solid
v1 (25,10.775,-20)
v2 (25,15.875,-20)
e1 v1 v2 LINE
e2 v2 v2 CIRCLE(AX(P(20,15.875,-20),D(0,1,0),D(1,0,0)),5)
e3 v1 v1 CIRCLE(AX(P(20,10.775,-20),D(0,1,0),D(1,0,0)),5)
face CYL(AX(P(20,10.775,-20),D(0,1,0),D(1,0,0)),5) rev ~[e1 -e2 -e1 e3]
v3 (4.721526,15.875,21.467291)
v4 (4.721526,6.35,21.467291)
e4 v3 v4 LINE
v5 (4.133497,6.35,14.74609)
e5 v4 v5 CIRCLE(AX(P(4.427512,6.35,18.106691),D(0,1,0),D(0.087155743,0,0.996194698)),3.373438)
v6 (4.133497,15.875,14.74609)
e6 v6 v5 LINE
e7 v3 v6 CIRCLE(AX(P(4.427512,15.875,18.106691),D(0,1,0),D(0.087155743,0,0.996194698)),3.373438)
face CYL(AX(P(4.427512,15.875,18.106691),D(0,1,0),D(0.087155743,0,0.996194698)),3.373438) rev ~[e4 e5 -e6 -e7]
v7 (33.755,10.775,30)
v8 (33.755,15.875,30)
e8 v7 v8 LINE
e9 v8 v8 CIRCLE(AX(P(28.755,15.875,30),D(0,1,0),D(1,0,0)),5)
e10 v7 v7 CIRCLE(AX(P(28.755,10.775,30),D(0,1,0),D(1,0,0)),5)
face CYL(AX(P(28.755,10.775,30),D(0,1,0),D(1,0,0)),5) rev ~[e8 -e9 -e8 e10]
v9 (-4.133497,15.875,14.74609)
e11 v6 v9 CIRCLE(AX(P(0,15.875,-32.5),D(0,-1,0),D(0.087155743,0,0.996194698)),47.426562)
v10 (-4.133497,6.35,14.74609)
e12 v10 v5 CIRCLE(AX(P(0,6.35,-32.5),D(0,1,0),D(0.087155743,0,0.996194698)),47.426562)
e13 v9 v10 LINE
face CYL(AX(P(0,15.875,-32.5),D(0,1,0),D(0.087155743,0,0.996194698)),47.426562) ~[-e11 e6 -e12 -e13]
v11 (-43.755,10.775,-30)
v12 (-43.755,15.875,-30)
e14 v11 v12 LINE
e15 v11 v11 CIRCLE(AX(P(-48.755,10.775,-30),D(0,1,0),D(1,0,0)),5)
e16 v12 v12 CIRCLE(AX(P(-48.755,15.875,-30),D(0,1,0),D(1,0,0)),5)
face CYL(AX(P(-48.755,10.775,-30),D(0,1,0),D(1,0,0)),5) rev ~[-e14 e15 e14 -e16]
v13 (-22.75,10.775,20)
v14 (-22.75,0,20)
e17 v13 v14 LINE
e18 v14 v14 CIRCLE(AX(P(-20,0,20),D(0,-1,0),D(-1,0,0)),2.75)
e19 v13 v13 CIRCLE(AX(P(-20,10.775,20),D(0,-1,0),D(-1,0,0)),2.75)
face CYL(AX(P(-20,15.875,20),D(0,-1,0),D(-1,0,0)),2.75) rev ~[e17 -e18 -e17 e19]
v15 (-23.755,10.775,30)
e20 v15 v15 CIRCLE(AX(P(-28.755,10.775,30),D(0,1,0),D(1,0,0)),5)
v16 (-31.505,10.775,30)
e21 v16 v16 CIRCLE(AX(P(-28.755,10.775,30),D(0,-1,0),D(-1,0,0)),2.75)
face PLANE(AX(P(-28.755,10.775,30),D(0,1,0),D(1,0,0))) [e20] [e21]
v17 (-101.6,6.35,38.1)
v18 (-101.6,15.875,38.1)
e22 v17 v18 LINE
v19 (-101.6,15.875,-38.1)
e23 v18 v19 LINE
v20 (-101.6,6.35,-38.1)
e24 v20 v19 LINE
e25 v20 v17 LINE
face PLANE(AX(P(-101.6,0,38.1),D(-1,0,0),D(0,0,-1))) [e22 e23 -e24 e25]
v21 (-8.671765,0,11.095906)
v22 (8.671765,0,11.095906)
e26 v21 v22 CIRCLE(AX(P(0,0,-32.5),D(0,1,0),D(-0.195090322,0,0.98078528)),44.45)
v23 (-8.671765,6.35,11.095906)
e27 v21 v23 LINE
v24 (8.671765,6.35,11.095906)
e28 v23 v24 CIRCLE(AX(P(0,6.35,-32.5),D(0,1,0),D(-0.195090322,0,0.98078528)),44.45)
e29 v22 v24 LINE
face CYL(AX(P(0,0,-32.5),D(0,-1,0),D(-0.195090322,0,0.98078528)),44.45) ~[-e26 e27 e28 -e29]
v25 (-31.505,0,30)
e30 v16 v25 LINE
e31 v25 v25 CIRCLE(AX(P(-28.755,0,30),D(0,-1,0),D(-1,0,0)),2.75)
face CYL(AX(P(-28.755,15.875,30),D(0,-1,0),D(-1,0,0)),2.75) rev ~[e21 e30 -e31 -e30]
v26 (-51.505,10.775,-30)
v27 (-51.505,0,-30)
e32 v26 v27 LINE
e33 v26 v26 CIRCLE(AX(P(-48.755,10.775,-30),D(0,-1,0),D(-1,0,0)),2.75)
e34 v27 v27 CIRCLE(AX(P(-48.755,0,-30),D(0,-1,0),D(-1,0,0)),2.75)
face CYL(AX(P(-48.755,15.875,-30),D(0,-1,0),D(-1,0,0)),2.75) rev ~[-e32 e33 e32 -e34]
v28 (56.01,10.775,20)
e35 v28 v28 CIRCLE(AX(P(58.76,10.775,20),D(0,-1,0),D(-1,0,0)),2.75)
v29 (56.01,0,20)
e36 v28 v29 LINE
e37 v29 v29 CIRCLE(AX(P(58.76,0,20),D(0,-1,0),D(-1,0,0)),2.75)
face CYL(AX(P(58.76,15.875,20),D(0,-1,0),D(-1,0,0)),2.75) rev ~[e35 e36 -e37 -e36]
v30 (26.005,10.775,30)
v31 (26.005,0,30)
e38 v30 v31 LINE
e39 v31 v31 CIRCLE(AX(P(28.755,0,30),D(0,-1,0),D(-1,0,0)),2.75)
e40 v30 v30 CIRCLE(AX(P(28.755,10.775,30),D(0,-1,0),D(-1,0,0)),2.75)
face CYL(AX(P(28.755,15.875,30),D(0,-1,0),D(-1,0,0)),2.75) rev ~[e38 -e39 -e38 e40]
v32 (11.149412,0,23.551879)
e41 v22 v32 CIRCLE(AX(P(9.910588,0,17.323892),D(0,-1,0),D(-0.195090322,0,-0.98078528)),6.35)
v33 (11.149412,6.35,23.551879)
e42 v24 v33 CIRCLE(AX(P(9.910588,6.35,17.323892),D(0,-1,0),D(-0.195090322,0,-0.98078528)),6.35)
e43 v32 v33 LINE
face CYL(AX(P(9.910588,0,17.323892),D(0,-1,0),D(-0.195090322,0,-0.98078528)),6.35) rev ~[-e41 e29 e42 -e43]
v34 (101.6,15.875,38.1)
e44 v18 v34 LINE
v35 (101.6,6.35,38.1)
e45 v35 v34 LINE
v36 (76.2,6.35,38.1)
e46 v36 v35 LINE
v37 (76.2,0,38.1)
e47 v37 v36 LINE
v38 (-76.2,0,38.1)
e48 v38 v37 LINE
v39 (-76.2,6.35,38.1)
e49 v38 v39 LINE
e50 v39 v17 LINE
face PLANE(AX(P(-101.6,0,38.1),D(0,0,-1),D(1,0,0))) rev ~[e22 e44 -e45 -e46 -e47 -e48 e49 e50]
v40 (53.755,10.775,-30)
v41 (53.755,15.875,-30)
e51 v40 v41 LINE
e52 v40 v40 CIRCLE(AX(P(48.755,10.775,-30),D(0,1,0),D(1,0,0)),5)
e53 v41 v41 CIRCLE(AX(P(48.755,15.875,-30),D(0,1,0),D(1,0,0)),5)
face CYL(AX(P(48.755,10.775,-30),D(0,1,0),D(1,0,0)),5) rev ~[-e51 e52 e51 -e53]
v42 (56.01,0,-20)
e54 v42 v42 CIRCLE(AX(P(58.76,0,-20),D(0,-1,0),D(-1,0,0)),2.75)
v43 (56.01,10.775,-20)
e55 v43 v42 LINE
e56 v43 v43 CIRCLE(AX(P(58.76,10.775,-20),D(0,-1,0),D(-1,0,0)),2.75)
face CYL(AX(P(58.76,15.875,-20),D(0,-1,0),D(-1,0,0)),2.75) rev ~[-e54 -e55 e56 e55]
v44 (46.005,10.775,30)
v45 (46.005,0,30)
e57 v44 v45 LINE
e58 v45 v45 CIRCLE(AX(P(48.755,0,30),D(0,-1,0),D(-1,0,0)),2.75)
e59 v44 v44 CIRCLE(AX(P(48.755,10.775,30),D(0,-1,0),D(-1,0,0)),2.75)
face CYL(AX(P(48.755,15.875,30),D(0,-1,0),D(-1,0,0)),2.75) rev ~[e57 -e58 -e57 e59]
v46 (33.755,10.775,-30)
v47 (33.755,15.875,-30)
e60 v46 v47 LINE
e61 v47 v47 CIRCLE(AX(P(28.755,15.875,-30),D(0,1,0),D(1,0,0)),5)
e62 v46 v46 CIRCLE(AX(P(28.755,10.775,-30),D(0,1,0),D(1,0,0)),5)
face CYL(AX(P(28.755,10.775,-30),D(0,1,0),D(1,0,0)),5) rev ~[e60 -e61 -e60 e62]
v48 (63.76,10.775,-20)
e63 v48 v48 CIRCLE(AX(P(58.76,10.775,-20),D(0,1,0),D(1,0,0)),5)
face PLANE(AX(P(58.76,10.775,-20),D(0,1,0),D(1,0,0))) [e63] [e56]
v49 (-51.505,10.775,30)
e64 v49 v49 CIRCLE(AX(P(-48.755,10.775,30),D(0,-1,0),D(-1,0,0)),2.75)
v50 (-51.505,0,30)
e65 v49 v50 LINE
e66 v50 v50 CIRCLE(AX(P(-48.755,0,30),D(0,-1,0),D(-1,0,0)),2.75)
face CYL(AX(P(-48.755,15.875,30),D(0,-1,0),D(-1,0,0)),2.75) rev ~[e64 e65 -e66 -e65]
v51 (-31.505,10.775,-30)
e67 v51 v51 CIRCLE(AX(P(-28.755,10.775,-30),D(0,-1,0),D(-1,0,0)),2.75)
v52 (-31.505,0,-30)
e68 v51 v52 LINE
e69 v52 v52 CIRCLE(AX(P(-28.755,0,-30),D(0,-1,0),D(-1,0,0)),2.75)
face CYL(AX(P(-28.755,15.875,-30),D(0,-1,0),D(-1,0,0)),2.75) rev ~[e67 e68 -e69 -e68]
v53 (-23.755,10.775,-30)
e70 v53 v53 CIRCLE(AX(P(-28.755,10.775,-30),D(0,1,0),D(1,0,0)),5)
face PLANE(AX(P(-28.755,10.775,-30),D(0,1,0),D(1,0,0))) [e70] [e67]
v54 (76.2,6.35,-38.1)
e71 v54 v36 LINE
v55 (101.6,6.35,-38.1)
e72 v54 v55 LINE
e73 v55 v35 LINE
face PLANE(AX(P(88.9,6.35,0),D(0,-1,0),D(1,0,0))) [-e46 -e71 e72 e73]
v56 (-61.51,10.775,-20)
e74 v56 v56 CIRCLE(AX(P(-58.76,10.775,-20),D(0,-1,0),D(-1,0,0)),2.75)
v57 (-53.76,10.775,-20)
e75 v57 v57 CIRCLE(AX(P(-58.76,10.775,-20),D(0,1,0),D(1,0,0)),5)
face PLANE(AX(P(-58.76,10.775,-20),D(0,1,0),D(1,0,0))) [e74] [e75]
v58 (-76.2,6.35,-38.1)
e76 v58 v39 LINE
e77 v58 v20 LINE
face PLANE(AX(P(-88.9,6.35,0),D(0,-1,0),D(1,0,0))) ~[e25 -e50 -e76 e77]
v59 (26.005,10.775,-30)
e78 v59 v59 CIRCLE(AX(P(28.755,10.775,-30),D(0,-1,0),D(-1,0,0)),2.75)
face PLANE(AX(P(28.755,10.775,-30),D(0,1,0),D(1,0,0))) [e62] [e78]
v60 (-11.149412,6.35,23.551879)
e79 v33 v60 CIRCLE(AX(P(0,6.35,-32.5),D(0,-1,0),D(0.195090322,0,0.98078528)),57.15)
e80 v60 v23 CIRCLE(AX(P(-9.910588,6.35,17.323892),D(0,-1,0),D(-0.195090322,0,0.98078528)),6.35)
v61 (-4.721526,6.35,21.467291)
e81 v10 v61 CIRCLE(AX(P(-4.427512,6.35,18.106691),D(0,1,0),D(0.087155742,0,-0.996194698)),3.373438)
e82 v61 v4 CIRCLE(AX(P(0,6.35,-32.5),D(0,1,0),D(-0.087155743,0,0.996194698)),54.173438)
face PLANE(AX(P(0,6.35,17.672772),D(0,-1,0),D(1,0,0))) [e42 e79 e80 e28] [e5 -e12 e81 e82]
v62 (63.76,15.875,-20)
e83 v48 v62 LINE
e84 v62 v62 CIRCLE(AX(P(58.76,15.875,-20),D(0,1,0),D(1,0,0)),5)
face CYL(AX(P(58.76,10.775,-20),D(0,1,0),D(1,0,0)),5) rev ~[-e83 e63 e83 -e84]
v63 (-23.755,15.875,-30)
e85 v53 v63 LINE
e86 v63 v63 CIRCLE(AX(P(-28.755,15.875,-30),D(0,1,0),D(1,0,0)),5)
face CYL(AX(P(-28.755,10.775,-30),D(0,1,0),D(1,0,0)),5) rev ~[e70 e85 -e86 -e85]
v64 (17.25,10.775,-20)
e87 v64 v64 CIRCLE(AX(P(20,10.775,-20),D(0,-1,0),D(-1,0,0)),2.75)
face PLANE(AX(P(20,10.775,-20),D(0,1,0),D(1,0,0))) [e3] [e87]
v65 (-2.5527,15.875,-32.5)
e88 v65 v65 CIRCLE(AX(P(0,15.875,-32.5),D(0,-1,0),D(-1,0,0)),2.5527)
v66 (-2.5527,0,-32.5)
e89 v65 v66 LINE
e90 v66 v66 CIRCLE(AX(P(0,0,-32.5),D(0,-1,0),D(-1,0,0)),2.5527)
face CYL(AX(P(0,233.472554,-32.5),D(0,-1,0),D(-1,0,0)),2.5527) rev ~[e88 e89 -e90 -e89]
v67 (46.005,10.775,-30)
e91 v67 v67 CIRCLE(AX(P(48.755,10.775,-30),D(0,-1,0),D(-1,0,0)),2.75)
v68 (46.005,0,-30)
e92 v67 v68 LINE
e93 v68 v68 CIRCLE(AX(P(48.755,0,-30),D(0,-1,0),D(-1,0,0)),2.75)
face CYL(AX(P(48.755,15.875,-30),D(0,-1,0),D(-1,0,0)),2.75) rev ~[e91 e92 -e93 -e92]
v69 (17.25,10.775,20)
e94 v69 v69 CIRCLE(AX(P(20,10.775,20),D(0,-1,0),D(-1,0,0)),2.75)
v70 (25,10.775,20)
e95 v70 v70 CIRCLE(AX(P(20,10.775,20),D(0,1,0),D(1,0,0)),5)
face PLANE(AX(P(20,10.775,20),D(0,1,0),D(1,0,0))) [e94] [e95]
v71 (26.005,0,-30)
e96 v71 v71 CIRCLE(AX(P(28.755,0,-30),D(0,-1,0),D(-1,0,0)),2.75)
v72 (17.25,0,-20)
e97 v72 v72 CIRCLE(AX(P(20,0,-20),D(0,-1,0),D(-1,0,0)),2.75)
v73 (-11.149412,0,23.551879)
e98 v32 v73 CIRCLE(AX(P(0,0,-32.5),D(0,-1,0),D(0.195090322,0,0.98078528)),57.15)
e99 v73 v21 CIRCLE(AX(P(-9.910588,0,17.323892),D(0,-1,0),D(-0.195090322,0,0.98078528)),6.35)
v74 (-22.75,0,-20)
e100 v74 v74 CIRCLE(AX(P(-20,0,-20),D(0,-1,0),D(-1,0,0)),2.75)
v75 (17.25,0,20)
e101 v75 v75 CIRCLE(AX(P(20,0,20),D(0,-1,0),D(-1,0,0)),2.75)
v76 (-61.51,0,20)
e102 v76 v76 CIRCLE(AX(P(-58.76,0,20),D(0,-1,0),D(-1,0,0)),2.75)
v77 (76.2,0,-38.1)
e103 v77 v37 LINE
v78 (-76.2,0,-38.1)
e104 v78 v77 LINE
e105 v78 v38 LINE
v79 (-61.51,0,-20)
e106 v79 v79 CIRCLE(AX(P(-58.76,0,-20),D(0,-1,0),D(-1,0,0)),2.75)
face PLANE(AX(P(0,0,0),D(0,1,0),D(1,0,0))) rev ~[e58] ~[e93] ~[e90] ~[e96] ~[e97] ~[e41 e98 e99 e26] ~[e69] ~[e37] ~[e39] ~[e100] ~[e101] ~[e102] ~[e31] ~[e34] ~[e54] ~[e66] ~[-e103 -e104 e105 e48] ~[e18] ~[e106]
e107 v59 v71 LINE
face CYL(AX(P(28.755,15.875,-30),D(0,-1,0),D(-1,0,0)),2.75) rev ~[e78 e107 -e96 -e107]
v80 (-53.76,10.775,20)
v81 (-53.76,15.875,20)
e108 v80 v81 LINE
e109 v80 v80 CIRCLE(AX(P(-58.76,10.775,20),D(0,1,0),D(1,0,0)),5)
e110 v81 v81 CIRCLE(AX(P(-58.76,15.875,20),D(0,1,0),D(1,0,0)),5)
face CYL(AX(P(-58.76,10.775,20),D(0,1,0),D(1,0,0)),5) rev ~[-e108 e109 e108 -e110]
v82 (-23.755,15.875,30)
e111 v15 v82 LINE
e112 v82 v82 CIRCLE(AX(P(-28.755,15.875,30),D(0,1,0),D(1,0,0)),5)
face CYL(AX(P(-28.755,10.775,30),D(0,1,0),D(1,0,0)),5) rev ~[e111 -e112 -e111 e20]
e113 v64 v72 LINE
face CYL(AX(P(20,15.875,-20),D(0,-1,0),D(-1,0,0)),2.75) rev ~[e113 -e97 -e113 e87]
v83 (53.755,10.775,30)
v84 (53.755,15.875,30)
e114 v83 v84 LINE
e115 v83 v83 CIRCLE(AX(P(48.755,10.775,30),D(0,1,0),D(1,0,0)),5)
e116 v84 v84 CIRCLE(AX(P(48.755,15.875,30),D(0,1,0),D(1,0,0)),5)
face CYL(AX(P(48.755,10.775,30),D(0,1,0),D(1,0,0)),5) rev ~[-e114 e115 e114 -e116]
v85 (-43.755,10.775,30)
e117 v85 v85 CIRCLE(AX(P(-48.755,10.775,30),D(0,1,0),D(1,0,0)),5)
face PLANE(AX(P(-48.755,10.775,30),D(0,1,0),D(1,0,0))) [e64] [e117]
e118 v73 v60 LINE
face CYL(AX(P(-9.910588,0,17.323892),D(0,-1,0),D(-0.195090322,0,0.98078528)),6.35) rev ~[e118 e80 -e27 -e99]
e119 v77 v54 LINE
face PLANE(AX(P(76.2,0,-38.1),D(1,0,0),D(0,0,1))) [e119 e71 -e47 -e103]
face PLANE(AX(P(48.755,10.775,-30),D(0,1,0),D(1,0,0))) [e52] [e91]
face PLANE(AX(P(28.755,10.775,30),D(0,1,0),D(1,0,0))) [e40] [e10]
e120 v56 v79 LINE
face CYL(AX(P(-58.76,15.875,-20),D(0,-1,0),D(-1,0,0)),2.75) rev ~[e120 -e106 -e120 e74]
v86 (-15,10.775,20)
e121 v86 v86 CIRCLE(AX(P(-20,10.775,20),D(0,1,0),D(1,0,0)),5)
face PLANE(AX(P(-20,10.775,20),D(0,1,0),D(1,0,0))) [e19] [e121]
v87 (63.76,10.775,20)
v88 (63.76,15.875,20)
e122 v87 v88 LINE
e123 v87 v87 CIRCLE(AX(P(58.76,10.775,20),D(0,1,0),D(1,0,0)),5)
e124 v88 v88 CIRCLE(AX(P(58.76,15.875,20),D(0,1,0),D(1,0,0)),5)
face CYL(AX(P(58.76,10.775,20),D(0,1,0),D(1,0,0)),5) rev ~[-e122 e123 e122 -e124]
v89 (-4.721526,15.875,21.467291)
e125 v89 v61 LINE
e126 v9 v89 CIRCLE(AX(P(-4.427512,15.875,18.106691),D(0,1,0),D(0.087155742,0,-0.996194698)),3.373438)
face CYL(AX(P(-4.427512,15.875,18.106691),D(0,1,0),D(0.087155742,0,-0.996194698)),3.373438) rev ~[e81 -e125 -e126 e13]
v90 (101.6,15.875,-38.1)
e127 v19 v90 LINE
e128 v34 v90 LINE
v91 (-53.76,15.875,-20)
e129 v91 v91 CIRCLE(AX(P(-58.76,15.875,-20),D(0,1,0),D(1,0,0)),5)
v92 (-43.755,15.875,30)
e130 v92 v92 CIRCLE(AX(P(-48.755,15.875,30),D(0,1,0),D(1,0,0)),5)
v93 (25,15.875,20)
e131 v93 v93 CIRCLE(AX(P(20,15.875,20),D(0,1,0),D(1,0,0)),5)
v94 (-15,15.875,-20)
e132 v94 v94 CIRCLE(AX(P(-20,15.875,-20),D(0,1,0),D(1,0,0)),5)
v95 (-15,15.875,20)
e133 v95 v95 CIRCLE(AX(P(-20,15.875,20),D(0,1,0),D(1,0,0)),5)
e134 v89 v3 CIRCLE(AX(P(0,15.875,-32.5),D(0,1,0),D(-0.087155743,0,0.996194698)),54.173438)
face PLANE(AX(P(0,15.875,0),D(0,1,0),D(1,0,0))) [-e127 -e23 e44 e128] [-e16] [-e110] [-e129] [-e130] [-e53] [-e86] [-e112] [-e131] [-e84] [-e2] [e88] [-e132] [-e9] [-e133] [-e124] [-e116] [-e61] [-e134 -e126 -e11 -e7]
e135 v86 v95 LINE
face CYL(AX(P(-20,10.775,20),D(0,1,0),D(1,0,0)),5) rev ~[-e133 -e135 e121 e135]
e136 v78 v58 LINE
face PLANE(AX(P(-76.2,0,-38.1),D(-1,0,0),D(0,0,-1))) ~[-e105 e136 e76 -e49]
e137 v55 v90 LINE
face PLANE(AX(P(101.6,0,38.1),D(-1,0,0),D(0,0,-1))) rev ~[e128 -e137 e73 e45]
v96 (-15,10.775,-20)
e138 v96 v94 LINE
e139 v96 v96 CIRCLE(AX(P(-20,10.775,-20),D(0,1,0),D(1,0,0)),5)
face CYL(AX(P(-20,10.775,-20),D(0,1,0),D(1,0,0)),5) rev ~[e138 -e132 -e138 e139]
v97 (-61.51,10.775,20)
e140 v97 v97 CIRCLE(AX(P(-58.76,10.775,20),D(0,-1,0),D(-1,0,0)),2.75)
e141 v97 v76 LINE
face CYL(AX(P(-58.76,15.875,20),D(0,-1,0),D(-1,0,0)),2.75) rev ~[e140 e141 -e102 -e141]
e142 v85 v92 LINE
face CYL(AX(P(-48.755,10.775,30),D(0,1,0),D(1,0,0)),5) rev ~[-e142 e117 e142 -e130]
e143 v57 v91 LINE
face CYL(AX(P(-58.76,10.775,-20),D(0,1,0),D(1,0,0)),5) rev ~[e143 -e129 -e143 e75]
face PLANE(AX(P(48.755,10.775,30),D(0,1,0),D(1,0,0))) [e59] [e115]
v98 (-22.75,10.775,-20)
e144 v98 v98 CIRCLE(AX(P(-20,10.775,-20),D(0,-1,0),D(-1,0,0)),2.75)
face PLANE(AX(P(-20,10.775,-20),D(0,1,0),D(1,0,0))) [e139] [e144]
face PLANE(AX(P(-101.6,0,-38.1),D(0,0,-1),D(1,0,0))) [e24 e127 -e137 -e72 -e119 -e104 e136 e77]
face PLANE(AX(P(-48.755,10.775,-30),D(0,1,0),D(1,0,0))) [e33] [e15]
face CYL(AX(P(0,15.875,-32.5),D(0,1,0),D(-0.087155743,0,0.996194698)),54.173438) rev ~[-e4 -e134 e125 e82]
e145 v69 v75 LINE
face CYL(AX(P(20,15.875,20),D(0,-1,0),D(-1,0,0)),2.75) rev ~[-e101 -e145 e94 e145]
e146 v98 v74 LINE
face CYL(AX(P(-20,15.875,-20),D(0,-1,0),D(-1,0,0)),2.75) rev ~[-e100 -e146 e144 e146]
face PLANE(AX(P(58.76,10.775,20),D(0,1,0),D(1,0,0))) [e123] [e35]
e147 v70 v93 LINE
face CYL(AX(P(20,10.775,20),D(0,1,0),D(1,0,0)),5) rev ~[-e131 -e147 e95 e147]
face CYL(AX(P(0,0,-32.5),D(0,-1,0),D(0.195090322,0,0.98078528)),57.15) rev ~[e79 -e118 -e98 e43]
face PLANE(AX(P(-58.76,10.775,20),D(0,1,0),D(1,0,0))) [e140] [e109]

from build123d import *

# Parameters (mm, degrees)
SKETCH1_W                      = 203.2
SKETCH1_H                      = 76.2
BOSS_EXTRUDE1_DEPTH            = 15.875
F_1_4_20_TAPPED_HOLE1_D        = 5.1054
CUT_EXTRUDE1_DEPTH             = 110.663966849
CUT_EXTRUDE2_DEPTH             = 6.35
CBORE_FOR_M5_SHCS2_D           = 5.5
CBORE_FOR_M5_SHCS2_CBORE_D     = 10
CBORE_FOR_M5_SHCS2_CBORE_DEPTH = 5.1
SKETCH12_W                     = 25.4
SKETCH12_H                     = 76.2
CUT_EXTRUDE3_DEPTH             = 6.35


with BuildPart() as part:
    # Sketch1 → Boss-Extrude1 (new body)
    with BuildSketch(Plane(origin=(0, 0, 0), x_dir=(1, 0, 0), z_dir=(0, 1, 0))):
        Rectangle(SKETCH1_W, SKETCH1_H)
    extrude(amount=BOSS_EXTRUDE1_DEPTH)

    # 1/4-20 Tapped Hole1 (through all)
    with Locations(Plane(origin=(0, 15.875, 0), x_dir=(1, 0, 0), z_dir=(0, 1, 0))):
        with Locations((0, 32.5)):
            Hole(F_1_4_20_TAPPED_HOLE1_D / 2)

    # Sketch4 → Cut-Extrude1 (cut, through all)
    with BuildSketch(Plane(origin=(0, 15.875, 0), x_dir=(1, 0, 0), z_dir=(0, 1, 0))):
        with BuildLine():
            ThreePointArc((-4.721526183, -21.467291215), (0, -21.6734375), (4.721526183, -21.467291215))
            ThreePointArc((4.721526183, -21.467291215), (7.788112283, -17.812676212), (4.133497281, -14.746090111))
            ThreePointArc((4.133497281, -14.746090111), (0, -14.9265625), (-4.133497281, -14.746090111))
            ThreePointArc((-4.133497281, -14.746090111), (-7.788112283, -17.812676212), (-4.721526183, -21.467291215))
        make_face()
    extrude(amount=-CUT_EXTRUDE1_DEPTH, mode=Mode.SUBTRACT)

    # Sketch6 → Cut-Extrude2 (cut)
    with BuildSketch(Plane.XZ):
        with BuildLine():
            ThreePointArc((11.149411903, 23.551878775), (0, 24.65), (-11.149411903, 23.551878775))
            ThreePointArc((-11.149411903, 23.551878775), (-16.138574889, 16.0850687), (-8.671764814, 11.095905714))
            ThreePointArc((-8.671764814, 11.095905714), (0, 11.95), (8.671764814, 11.095905714))
            ThreePointArc((8.671764814, 11.095905714), (16.138574889, 16.0850687), (11.149411903, 23.551878775))
        make_face()
    extrude(amount=-CUT_EXTRUDE2_DEPTH, mode=Mode.SUBTRACT)

    # CBORE for M5 SHCS2 (through all)
    with Locations(Plane(origin=(0, 15.875, 0), x_dir=(1, 0, 0), z_dir=(0, 1, 0))):
        with Locations((58.76, -20), (48.755, -30), (28.755, -30), (20, -20), (20, 20), (28.755, 30), (48.755, 30), (58.76, 20), (-28.755, 30), (-20, 20), (-48.755, 30), (-58.76, 20), (-58.76, -20), (-48.755, -30), (-28.755, -30), (-20, -20)):
            CounterBoreHole(CBORE_FOR_M5_SHCS2_D / 2, CBORE_FOR_M5_SHCS2_CBORE_D / 2, CBORE_FOR_M5_SHCS2_CBORE_DEPTH)

    # Sketch12 → Cut-Extrude3 (cut)
    with BuildSketch(Plane.XZ):
        with Locations((88.9, 0)):
            Rectangle(SKETCH12_W, SKETCH12_H)
    cut_extrude3 = extrude(amount=-CUT_EXTRUDE3_DEPTH, mode=Mode.SUBTRACT)

    # Mirror1: Cut-Extrude3 across plane
    add(cut_extrude3.mirror(Plane(origin=(0, 0, 0), x_dir=(0, 0, 1), z_dir=(1, 0, 0))), mode=Mode.SUBTRACT)


solid = part.part
